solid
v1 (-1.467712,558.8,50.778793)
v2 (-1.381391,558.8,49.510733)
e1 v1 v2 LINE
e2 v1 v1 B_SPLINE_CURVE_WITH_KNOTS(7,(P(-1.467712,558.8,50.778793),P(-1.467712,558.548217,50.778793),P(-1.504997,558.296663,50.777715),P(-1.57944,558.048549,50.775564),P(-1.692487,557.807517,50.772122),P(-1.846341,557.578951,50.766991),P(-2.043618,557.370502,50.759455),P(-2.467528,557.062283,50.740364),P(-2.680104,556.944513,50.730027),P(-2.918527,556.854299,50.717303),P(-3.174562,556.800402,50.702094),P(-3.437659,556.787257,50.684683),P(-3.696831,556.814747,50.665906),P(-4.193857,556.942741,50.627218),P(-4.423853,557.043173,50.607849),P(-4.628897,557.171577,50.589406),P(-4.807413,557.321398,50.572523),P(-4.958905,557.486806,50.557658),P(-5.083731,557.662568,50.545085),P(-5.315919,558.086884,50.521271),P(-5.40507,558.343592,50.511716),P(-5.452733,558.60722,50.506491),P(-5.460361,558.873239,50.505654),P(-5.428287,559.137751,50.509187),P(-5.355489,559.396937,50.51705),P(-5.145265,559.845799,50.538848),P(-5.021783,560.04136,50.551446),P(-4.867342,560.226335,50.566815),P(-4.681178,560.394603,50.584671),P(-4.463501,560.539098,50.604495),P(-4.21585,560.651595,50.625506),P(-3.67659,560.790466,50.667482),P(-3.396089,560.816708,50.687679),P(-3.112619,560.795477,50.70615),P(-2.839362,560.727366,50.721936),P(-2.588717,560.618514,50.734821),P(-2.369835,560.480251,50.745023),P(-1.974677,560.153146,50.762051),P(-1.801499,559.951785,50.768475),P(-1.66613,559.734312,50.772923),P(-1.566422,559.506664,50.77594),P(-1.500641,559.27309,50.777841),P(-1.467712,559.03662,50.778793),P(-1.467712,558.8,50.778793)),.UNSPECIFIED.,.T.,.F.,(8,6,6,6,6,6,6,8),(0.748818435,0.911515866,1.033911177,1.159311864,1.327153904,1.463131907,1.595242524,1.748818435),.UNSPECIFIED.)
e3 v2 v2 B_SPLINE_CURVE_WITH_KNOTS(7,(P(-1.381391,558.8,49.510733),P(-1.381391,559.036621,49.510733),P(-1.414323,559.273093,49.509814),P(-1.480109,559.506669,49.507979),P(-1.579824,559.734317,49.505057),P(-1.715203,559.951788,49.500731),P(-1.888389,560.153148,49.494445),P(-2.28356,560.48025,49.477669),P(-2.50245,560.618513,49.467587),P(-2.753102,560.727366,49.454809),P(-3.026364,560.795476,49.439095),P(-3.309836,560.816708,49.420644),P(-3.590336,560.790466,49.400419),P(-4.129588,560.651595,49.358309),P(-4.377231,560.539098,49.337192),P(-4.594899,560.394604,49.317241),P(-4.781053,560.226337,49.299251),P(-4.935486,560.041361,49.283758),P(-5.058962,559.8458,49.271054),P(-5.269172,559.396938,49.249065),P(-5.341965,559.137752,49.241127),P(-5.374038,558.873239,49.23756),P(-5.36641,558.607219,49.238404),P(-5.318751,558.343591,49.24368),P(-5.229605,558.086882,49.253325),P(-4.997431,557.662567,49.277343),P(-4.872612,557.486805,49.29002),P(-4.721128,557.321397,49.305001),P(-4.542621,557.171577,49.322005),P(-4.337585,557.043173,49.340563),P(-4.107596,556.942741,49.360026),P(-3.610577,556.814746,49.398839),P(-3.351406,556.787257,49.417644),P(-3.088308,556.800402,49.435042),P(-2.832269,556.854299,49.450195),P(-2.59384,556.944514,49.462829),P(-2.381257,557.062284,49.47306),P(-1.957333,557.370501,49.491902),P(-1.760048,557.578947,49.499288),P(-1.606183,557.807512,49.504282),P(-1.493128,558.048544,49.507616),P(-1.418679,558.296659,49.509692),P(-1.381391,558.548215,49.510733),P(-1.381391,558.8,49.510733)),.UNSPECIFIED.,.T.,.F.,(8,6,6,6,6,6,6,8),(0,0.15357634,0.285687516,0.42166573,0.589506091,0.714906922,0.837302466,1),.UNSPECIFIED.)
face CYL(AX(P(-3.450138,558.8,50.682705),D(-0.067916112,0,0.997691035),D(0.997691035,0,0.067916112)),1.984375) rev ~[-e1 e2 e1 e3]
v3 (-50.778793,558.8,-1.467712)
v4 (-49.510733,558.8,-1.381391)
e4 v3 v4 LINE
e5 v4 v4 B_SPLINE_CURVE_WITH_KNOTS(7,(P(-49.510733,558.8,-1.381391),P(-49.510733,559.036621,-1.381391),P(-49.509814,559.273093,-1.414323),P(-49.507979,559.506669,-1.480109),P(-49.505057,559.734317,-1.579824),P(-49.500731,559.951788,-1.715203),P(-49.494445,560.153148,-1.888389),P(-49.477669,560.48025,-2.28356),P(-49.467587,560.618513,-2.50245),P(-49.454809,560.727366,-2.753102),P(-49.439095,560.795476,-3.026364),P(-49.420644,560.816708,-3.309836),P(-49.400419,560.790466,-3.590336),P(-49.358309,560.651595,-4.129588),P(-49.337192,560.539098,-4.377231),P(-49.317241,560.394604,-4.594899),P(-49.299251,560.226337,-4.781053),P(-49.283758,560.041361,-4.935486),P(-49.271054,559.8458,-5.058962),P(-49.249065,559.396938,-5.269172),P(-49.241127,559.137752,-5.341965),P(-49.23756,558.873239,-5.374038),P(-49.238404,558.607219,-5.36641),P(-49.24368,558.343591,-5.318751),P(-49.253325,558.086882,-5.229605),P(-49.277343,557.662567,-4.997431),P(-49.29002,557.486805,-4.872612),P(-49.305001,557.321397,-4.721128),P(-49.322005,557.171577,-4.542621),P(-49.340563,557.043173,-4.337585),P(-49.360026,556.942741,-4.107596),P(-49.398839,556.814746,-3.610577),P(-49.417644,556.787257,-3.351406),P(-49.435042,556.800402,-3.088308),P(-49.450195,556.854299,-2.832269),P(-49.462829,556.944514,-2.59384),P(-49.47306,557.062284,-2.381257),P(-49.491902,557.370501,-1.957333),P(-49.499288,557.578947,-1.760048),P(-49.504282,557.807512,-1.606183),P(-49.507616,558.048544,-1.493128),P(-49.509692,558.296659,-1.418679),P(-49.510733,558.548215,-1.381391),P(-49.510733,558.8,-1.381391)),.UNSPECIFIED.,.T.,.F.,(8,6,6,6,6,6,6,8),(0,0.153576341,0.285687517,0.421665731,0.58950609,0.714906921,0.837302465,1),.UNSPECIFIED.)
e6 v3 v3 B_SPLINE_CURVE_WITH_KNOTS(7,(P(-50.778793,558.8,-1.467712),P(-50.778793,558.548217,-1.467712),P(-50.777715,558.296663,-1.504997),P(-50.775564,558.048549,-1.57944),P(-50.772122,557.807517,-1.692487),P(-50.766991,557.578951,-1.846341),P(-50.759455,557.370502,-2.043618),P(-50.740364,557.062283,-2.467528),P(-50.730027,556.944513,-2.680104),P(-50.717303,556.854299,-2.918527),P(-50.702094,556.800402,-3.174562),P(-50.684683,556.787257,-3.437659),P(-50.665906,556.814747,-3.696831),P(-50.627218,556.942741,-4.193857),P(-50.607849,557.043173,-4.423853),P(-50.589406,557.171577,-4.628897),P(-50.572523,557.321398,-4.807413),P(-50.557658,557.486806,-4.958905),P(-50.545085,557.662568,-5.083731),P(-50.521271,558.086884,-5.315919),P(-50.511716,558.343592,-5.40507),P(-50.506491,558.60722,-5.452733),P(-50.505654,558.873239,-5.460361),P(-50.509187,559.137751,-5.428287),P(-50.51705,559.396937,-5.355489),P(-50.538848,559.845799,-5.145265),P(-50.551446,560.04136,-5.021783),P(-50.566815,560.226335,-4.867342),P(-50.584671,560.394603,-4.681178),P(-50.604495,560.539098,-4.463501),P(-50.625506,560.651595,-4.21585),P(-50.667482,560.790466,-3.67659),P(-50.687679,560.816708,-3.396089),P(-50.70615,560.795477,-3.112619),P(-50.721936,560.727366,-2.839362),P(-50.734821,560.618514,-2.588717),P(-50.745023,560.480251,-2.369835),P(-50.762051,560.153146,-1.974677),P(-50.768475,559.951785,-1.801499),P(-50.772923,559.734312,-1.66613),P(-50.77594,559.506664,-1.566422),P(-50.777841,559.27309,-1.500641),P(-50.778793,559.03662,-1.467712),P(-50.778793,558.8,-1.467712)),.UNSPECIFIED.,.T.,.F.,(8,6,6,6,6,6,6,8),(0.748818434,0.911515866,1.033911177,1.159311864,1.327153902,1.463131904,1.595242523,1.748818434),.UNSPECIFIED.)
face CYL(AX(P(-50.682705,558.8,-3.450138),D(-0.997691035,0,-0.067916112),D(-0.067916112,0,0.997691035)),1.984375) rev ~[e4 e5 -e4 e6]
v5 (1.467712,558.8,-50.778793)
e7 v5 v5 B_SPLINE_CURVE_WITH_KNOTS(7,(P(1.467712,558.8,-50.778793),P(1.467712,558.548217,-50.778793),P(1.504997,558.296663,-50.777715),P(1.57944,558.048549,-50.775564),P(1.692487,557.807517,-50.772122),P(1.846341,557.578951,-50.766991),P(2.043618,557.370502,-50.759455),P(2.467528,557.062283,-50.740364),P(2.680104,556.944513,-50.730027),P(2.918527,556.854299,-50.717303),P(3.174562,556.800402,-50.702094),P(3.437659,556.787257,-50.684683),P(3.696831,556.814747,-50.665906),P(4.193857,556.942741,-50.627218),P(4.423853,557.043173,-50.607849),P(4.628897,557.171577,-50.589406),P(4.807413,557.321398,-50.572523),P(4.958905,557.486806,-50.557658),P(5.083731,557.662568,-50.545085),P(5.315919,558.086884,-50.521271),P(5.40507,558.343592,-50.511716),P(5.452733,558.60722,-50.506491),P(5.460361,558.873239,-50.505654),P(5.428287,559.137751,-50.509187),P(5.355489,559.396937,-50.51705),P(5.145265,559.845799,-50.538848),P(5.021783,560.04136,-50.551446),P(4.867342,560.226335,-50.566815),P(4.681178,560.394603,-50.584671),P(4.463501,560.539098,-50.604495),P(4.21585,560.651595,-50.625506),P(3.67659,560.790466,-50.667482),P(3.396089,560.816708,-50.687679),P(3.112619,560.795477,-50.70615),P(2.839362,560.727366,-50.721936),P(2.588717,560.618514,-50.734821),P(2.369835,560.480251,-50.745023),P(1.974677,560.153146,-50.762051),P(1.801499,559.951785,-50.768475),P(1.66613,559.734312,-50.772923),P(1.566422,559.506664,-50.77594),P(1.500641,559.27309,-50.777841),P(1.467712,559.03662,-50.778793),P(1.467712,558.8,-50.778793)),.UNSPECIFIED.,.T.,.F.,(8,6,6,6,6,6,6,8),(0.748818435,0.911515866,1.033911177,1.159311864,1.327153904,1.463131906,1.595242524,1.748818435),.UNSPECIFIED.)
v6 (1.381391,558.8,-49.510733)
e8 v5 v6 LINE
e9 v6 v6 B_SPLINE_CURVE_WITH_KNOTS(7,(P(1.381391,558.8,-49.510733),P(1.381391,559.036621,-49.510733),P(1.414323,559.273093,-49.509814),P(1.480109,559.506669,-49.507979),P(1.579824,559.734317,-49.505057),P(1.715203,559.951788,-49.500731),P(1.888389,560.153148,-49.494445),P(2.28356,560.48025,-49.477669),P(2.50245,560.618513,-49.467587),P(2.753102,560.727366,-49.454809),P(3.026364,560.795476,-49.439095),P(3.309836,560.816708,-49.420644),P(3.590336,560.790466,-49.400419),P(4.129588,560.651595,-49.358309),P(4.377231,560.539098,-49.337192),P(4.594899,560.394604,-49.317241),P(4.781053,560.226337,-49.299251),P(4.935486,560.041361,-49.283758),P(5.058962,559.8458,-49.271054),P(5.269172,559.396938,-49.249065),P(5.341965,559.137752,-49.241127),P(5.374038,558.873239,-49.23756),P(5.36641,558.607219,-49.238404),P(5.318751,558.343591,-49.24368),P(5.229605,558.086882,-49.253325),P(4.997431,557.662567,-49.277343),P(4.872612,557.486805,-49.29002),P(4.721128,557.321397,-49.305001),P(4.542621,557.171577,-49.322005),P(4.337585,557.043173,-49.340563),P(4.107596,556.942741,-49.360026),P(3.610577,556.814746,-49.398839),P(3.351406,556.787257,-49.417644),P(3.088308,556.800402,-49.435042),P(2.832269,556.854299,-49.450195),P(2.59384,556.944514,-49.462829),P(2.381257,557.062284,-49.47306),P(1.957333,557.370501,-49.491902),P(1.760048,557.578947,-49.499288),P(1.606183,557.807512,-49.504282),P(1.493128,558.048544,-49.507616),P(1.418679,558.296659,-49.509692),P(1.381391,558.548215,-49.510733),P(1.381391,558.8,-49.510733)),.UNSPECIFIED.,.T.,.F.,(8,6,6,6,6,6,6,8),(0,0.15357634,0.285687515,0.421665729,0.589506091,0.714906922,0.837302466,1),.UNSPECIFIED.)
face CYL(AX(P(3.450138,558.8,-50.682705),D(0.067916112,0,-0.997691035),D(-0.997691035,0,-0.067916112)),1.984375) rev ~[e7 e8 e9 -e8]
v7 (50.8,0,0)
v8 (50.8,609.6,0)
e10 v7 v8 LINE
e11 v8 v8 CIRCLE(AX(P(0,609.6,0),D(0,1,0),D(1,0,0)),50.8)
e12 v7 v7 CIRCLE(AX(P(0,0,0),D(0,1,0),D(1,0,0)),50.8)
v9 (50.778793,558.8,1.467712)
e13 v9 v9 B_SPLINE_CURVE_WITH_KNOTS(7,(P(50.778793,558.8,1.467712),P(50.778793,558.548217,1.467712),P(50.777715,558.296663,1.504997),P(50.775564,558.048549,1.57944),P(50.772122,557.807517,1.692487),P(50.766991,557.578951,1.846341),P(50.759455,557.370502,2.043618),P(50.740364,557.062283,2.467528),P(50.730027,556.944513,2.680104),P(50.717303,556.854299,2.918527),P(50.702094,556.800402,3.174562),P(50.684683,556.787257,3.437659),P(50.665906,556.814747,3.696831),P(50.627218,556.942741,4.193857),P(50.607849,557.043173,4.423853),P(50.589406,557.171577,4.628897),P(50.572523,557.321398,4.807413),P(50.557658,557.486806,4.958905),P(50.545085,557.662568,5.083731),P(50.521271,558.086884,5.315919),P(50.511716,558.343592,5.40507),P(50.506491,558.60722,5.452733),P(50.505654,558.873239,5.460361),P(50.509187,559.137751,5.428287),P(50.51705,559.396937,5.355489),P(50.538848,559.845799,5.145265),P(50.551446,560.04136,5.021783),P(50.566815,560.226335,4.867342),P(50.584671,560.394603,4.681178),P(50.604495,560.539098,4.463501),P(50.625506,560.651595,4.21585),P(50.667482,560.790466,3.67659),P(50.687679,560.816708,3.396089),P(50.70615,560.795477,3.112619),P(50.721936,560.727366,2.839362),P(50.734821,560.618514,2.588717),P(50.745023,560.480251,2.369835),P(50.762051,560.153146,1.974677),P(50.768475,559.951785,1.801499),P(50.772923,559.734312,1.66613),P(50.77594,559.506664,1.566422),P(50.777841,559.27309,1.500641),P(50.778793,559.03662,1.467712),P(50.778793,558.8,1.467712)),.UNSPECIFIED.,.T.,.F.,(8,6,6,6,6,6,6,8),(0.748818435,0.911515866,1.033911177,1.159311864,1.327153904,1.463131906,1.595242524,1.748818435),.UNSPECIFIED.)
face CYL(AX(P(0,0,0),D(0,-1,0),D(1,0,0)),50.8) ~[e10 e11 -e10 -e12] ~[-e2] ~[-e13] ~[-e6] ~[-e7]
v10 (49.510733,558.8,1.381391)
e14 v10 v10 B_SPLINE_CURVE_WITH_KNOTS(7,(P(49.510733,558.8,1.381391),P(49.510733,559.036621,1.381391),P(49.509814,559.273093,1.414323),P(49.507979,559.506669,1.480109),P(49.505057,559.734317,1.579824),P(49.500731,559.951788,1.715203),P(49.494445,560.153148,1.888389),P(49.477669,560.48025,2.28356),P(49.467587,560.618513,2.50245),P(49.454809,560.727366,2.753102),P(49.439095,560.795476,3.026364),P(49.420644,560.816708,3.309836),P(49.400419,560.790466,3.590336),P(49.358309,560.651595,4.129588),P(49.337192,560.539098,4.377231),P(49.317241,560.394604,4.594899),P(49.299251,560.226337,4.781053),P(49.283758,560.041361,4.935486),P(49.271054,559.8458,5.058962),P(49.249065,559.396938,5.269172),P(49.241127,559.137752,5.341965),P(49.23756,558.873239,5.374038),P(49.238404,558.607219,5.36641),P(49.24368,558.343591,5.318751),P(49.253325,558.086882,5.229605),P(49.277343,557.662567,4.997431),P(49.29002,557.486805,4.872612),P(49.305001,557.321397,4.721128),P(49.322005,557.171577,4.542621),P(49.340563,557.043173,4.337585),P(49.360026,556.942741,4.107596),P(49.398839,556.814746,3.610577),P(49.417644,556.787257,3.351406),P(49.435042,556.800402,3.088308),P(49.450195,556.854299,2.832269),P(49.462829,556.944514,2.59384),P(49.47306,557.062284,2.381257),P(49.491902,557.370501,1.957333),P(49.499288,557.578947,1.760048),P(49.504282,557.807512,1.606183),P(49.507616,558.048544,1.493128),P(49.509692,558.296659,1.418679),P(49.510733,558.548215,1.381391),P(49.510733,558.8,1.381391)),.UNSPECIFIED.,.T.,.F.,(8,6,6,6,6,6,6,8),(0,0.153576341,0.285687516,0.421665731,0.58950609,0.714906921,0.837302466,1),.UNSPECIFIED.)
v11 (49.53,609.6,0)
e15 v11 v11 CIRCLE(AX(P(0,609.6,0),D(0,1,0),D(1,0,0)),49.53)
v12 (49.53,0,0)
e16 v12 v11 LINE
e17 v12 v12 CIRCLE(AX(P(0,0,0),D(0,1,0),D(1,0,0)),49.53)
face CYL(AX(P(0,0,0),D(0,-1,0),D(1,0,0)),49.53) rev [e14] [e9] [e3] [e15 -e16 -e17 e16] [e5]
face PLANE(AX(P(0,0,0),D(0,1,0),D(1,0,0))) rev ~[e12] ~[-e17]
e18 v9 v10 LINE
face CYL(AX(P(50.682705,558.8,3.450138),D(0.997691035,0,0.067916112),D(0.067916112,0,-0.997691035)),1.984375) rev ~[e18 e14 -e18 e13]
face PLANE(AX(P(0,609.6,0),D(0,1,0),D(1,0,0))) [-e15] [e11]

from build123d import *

# Parameters (mm, degrees)
SKETCH1_R           = 50.8
SKETCH1_R_2         = 49.53
BOSS_EXTRUDE1_DEPTH = 609.6
SKETCH2_R           = 1.984375
CUT_EXTRUDE1_DEPTH  = 12.7
CIRPATTERN1_COUNT   = 4


with BuildPart() as part:
    # Sketch1 → Boss-Extrude1 (new body)
    with BuildSketch(Plane(origin=(0, 0, 0), x_dir=(1, 0, 0), z_dir=(0, 1, 0))):
        Circle(SKETCH1_R)
        Circle(SKETCH1_R_2, mode=Mode.SUBTRACT)
    extrude(amount=BOSS_EXTRUDE1_DEPTH)

    # Sketch2 → Cut-Extrude1 (cut)
    with BuildSketch(Plane(origin=(122.899951256, 815.595371644, -42.551362721), x_dir=(-0.997691035, 0, -0.067916112), z_dir=(0.067916112, 0, -0.997691035))):
        with Locations((119.72625647, -256.795371644)):
            Circle(SKETCH2_R)
    cut_extrude1 = extrude(amount=-CUT_EXTRUDE1_DEPTH, mode=Mode.SUBTRACT)

    # CirPattern1: Cut-Extrude1 ×4 about axis
    cirpattern1_axis = Axis((0, 0, 0), (0, -1, 0))
    for i in range(1, CIRPATTERN1_COUNT):
        add(cut_extrude1.rotate(cirpattern1_axis, i * 360 / CIRPATTERN1_COUNT), mode=Mode.SUBTRACT)


solid = part.part
